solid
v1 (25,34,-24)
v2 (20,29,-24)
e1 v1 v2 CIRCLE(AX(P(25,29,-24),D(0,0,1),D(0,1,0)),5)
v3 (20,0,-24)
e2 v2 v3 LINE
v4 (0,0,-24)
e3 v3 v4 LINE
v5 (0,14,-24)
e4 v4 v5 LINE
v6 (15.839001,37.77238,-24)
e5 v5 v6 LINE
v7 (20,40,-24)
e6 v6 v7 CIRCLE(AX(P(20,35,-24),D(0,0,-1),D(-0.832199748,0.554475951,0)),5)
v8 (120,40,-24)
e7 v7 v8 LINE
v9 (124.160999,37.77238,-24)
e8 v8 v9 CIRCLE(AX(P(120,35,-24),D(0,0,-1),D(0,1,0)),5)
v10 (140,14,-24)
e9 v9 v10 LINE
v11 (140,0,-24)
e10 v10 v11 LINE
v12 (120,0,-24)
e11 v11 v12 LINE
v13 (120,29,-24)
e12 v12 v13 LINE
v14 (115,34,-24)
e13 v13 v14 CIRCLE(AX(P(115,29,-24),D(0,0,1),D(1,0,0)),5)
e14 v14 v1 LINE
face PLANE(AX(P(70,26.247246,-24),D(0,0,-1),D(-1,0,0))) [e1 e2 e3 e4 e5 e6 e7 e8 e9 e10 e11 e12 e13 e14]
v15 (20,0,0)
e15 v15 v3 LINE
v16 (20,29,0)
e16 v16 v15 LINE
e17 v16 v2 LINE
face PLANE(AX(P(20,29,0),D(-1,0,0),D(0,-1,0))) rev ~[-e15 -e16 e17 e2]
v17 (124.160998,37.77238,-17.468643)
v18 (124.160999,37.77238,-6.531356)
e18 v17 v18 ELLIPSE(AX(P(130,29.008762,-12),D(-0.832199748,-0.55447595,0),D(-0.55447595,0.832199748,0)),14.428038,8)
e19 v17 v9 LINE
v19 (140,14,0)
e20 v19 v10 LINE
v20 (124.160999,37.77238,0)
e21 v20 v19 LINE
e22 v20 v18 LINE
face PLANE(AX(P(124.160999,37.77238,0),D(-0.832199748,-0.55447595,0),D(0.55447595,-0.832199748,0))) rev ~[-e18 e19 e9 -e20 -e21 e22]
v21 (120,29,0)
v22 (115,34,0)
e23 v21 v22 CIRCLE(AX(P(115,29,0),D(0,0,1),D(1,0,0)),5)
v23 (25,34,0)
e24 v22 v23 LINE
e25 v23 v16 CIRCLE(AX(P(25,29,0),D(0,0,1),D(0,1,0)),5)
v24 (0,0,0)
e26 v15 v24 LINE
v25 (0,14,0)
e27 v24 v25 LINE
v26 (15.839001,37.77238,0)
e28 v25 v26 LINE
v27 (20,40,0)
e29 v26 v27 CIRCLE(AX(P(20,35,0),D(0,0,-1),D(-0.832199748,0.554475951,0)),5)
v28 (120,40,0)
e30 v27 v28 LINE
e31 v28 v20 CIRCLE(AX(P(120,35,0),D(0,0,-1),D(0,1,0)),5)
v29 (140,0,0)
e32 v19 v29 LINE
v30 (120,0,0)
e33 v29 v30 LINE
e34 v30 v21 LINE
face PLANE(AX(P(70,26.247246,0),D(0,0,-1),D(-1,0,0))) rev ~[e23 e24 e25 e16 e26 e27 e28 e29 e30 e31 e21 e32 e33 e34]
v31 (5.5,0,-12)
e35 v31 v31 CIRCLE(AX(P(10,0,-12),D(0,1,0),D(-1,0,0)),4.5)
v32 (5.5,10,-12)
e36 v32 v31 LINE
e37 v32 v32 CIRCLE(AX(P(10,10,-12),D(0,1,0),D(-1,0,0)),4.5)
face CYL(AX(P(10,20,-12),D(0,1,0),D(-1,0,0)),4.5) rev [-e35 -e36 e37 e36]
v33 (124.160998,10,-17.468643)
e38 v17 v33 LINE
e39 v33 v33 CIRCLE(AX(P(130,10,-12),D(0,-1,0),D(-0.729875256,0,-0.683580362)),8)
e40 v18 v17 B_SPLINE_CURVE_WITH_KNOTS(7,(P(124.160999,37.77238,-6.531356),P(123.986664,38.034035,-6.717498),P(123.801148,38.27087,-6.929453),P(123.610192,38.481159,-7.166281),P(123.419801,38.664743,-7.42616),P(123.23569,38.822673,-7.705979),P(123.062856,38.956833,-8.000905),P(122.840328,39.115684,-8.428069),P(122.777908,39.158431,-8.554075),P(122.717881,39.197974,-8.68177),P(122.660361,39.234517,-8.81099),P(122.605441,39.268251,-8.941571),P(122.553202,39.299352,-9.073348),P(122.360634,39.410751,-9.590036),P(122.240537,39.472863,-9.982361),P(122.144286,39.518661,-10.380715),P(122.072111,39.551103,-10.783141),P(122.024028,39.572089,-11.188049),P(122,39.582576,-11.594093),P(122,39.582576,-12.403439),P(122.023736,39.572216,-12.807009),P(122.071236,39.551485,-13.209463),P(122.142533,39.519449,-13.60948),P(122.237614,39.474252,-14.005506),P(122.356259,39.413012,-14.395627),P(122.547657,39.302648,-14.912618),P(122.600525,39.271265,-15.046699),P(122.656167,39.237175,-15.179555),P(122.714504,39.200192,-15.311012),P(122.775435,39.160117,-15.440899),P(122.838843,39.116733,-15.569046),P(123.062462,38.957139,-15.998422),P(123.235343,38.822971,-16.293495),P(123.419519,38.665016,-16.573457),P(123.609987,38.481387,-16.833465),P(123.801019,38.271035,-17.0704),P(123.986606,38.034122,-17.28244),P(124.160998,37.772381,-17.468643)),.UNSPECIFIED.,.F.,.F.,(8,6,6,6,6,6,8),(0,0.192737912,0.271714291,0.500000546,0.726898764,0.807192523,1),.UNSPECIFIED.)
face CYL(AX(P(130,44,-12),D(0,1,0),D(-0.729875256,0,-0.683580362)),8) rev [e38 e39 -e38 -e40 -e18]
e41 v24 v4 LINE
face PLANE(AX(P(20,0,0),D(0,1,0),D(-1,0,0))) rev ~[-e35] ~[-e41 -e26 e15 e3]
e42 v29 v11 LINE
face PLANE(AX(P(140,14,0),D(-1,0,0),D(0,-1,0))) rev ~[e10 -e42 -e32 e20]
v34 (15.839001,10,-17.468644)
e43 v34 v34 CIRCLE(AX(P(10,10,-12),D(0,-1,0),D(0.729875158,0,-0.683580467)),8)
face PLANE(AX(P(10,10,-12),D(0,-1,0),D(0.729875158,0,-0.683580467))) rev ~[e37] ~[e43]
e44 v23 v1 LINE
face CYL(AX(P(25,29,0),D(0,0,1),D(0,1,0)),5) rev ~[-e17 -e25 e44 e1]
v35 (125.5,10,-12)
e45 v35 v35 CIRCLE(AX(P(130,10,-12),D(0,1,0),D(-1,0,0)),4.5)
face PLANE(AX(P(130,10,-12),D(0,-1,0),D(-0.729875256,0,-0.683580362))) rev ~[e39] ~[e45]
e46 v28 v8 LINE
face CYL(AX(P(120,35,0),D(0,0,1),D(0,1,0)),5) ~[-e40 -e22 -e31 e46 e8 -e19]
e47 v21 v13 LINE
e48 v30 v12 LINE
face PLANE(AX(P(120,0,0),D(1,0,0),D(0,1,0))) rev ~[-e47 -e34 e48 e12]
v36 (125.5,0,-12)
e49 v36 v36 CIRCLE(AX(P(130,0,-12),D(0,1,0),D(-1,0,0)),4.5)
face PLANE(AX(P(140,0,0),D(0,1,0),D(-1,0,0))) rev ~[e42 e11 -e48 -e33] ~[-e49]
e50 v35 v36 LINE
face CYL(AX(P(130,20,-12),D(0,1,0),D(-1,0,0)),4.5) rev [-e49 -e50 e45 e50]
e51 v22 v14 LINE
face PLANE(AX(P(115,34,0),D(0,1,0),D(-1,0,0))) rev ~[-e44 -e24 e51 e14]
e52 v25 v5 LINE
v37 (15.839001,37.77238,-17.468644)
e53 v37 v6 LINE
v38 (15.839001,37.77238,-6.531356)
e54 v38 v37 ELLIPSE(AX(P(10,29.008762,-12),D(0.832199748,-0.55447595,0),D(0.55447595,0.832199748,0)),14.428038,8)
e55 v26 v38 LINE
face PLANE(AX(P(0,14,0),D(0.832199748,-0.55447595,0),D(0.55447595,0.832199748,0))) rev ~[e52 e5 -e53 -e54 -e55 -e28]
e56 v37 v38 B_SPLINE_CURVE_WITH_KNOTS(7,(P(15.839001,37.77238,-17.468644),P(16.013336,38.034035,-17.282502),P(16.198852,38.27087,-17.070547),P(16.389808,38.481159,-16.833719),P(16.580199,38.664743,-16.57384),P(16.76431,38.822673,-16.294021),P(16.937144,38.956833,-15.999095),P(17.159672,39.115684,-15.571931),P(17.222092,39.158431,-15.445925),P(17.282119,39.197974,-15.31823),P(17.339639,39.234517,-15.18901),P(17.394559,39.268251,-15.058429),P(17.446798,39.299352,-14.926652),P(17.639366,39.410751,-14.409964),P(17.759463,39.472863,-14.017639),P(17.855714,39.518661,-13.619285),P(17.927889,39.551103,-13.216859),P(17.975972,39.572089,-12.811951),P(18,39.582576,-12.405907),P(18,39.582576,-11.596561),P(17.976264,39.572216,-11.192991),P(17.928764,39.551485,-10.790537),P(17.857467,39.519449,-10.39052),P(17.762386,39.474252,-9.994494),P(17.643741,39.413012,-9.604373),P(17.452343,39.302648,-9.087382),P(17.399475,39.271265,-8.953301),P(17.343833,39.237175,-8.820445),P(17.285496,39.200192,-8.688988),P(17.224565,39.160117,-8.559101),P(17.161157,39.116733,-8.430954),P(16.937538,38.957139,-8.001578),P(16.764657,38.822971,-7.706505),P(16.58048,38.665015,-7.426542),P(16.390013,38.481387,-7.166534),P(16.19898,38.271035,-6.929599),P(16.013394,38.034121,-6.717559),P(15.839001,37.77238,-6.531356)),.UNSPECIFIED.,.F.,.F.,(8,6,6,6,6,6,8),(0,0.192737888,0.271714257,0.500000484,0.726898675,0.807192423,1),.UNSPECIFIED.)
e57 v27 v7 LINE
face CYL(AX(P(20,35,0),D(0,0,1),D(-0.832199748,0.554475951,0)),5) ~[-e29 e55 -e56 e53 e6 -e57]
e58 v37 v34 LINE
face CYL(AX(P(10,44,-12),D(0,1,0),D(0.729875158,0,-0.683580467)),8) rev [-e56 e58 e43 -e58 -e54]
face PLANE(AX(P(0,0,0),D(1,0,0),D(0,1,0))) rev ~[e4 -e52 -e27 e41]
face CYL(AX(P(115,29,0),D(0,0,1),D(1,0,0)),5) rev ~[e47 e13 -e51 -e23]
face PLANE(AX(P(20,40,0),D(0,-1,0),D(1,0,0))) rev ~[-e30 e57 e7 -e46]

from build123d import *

# Parameters (mm, degrees)
EXTRUDE_1_DEPTH          = 24
CUT_EXTRUDE_1_DEPTH      = 148.566933966
CUT_EXTRUDE_1_DEPTH_BACK = 20
SKETCH_2_R               = 4.5
CUT_EXTRUDE_2_DEPTH      = 10
CUT_EXTRUDE_2_DEPTH_BACK = 24
SKETCH_3_R               = 8


with BuildPart() as part:
    # 草图1 → 凸台-拉伸1 (new body)
    with BuildSketch(Plane.XY):
        with BuildLine():
            Line((0, 0), (0, 14))
            Line((0, 14), (15.83900126, 37.772379752))
            ThreePointArc((15.83900126, 37.772379752), (17.640116397, 39.408055056), (20, 40))
            Line((20, 40), (120, 40))
            ThreePointArc((120, 40), (122.359883603, 39.408055056), (124.16099874, 37.772379752))
            Line((124.16099874, 37.772379752), (140, 14))
            Line((140, 14), (140, 0))
            Line((140, 0), (120, 0))
            Line((120, 0), (120, 29))
            ThreePointArc((120, 29), (118.535533906, 32.535533906), (115, 34))
            Line((115, 34), (25, 34))
            ThreePointArc((25, 34), (21.464466094, 32.535533906), (20, 29))
            Line((20, 29), (20, 0))
            Line((20, 0), (0, 0))
        make_face()
    extrude(amount=-EXTRUDE_1_DEPTH)

    # 草图2 → 切除-拉伸1 (cut, two sides: drawn at the far end of the back side and taken through both)
    with BuildSketch(Plane.XZ.offset(-CUT_EXTRUDE_1_DEPTH_BACK)):
        with Locations(Location((10, -12, 0), (0, 0, 180))):
            Circle(SKETCH_2_R)
        with Locations(Location((130, -12, 0), (0, 0, 180))):
            Circle(SKETCH_2_R)
    extrude(amount=CUT_EXTRUDE_1_DEPTH + CUT_EXTRUDE_1_DEPTH_BACK, mode=Mode.SUBTRACT)

    # 草图3 → 切除-拉伸2 (cut, two sides: drawn at the far end of the back side and taken through both)
    with BuildSketch(Plane.XZ.offset(-20).offset(-CUT_EXTRUDE_2_DEPTH_BACK)):
        with Locations(Location((130, -12, 0), (0, 0, 223.124062677))):
            Circle(SKETCH_3_R)
        with Locations(Location((10, -12, 0), (0, 0, 316.875929093))):
            Circle(SKETCH_3_R)
    extrude(amount=CUT_EXTRUDE_2_DEPTH + CUT_EXTRUDE_2_DEPTH_BACK, mode=Mode.SUBTRACT)


solid = part.part
